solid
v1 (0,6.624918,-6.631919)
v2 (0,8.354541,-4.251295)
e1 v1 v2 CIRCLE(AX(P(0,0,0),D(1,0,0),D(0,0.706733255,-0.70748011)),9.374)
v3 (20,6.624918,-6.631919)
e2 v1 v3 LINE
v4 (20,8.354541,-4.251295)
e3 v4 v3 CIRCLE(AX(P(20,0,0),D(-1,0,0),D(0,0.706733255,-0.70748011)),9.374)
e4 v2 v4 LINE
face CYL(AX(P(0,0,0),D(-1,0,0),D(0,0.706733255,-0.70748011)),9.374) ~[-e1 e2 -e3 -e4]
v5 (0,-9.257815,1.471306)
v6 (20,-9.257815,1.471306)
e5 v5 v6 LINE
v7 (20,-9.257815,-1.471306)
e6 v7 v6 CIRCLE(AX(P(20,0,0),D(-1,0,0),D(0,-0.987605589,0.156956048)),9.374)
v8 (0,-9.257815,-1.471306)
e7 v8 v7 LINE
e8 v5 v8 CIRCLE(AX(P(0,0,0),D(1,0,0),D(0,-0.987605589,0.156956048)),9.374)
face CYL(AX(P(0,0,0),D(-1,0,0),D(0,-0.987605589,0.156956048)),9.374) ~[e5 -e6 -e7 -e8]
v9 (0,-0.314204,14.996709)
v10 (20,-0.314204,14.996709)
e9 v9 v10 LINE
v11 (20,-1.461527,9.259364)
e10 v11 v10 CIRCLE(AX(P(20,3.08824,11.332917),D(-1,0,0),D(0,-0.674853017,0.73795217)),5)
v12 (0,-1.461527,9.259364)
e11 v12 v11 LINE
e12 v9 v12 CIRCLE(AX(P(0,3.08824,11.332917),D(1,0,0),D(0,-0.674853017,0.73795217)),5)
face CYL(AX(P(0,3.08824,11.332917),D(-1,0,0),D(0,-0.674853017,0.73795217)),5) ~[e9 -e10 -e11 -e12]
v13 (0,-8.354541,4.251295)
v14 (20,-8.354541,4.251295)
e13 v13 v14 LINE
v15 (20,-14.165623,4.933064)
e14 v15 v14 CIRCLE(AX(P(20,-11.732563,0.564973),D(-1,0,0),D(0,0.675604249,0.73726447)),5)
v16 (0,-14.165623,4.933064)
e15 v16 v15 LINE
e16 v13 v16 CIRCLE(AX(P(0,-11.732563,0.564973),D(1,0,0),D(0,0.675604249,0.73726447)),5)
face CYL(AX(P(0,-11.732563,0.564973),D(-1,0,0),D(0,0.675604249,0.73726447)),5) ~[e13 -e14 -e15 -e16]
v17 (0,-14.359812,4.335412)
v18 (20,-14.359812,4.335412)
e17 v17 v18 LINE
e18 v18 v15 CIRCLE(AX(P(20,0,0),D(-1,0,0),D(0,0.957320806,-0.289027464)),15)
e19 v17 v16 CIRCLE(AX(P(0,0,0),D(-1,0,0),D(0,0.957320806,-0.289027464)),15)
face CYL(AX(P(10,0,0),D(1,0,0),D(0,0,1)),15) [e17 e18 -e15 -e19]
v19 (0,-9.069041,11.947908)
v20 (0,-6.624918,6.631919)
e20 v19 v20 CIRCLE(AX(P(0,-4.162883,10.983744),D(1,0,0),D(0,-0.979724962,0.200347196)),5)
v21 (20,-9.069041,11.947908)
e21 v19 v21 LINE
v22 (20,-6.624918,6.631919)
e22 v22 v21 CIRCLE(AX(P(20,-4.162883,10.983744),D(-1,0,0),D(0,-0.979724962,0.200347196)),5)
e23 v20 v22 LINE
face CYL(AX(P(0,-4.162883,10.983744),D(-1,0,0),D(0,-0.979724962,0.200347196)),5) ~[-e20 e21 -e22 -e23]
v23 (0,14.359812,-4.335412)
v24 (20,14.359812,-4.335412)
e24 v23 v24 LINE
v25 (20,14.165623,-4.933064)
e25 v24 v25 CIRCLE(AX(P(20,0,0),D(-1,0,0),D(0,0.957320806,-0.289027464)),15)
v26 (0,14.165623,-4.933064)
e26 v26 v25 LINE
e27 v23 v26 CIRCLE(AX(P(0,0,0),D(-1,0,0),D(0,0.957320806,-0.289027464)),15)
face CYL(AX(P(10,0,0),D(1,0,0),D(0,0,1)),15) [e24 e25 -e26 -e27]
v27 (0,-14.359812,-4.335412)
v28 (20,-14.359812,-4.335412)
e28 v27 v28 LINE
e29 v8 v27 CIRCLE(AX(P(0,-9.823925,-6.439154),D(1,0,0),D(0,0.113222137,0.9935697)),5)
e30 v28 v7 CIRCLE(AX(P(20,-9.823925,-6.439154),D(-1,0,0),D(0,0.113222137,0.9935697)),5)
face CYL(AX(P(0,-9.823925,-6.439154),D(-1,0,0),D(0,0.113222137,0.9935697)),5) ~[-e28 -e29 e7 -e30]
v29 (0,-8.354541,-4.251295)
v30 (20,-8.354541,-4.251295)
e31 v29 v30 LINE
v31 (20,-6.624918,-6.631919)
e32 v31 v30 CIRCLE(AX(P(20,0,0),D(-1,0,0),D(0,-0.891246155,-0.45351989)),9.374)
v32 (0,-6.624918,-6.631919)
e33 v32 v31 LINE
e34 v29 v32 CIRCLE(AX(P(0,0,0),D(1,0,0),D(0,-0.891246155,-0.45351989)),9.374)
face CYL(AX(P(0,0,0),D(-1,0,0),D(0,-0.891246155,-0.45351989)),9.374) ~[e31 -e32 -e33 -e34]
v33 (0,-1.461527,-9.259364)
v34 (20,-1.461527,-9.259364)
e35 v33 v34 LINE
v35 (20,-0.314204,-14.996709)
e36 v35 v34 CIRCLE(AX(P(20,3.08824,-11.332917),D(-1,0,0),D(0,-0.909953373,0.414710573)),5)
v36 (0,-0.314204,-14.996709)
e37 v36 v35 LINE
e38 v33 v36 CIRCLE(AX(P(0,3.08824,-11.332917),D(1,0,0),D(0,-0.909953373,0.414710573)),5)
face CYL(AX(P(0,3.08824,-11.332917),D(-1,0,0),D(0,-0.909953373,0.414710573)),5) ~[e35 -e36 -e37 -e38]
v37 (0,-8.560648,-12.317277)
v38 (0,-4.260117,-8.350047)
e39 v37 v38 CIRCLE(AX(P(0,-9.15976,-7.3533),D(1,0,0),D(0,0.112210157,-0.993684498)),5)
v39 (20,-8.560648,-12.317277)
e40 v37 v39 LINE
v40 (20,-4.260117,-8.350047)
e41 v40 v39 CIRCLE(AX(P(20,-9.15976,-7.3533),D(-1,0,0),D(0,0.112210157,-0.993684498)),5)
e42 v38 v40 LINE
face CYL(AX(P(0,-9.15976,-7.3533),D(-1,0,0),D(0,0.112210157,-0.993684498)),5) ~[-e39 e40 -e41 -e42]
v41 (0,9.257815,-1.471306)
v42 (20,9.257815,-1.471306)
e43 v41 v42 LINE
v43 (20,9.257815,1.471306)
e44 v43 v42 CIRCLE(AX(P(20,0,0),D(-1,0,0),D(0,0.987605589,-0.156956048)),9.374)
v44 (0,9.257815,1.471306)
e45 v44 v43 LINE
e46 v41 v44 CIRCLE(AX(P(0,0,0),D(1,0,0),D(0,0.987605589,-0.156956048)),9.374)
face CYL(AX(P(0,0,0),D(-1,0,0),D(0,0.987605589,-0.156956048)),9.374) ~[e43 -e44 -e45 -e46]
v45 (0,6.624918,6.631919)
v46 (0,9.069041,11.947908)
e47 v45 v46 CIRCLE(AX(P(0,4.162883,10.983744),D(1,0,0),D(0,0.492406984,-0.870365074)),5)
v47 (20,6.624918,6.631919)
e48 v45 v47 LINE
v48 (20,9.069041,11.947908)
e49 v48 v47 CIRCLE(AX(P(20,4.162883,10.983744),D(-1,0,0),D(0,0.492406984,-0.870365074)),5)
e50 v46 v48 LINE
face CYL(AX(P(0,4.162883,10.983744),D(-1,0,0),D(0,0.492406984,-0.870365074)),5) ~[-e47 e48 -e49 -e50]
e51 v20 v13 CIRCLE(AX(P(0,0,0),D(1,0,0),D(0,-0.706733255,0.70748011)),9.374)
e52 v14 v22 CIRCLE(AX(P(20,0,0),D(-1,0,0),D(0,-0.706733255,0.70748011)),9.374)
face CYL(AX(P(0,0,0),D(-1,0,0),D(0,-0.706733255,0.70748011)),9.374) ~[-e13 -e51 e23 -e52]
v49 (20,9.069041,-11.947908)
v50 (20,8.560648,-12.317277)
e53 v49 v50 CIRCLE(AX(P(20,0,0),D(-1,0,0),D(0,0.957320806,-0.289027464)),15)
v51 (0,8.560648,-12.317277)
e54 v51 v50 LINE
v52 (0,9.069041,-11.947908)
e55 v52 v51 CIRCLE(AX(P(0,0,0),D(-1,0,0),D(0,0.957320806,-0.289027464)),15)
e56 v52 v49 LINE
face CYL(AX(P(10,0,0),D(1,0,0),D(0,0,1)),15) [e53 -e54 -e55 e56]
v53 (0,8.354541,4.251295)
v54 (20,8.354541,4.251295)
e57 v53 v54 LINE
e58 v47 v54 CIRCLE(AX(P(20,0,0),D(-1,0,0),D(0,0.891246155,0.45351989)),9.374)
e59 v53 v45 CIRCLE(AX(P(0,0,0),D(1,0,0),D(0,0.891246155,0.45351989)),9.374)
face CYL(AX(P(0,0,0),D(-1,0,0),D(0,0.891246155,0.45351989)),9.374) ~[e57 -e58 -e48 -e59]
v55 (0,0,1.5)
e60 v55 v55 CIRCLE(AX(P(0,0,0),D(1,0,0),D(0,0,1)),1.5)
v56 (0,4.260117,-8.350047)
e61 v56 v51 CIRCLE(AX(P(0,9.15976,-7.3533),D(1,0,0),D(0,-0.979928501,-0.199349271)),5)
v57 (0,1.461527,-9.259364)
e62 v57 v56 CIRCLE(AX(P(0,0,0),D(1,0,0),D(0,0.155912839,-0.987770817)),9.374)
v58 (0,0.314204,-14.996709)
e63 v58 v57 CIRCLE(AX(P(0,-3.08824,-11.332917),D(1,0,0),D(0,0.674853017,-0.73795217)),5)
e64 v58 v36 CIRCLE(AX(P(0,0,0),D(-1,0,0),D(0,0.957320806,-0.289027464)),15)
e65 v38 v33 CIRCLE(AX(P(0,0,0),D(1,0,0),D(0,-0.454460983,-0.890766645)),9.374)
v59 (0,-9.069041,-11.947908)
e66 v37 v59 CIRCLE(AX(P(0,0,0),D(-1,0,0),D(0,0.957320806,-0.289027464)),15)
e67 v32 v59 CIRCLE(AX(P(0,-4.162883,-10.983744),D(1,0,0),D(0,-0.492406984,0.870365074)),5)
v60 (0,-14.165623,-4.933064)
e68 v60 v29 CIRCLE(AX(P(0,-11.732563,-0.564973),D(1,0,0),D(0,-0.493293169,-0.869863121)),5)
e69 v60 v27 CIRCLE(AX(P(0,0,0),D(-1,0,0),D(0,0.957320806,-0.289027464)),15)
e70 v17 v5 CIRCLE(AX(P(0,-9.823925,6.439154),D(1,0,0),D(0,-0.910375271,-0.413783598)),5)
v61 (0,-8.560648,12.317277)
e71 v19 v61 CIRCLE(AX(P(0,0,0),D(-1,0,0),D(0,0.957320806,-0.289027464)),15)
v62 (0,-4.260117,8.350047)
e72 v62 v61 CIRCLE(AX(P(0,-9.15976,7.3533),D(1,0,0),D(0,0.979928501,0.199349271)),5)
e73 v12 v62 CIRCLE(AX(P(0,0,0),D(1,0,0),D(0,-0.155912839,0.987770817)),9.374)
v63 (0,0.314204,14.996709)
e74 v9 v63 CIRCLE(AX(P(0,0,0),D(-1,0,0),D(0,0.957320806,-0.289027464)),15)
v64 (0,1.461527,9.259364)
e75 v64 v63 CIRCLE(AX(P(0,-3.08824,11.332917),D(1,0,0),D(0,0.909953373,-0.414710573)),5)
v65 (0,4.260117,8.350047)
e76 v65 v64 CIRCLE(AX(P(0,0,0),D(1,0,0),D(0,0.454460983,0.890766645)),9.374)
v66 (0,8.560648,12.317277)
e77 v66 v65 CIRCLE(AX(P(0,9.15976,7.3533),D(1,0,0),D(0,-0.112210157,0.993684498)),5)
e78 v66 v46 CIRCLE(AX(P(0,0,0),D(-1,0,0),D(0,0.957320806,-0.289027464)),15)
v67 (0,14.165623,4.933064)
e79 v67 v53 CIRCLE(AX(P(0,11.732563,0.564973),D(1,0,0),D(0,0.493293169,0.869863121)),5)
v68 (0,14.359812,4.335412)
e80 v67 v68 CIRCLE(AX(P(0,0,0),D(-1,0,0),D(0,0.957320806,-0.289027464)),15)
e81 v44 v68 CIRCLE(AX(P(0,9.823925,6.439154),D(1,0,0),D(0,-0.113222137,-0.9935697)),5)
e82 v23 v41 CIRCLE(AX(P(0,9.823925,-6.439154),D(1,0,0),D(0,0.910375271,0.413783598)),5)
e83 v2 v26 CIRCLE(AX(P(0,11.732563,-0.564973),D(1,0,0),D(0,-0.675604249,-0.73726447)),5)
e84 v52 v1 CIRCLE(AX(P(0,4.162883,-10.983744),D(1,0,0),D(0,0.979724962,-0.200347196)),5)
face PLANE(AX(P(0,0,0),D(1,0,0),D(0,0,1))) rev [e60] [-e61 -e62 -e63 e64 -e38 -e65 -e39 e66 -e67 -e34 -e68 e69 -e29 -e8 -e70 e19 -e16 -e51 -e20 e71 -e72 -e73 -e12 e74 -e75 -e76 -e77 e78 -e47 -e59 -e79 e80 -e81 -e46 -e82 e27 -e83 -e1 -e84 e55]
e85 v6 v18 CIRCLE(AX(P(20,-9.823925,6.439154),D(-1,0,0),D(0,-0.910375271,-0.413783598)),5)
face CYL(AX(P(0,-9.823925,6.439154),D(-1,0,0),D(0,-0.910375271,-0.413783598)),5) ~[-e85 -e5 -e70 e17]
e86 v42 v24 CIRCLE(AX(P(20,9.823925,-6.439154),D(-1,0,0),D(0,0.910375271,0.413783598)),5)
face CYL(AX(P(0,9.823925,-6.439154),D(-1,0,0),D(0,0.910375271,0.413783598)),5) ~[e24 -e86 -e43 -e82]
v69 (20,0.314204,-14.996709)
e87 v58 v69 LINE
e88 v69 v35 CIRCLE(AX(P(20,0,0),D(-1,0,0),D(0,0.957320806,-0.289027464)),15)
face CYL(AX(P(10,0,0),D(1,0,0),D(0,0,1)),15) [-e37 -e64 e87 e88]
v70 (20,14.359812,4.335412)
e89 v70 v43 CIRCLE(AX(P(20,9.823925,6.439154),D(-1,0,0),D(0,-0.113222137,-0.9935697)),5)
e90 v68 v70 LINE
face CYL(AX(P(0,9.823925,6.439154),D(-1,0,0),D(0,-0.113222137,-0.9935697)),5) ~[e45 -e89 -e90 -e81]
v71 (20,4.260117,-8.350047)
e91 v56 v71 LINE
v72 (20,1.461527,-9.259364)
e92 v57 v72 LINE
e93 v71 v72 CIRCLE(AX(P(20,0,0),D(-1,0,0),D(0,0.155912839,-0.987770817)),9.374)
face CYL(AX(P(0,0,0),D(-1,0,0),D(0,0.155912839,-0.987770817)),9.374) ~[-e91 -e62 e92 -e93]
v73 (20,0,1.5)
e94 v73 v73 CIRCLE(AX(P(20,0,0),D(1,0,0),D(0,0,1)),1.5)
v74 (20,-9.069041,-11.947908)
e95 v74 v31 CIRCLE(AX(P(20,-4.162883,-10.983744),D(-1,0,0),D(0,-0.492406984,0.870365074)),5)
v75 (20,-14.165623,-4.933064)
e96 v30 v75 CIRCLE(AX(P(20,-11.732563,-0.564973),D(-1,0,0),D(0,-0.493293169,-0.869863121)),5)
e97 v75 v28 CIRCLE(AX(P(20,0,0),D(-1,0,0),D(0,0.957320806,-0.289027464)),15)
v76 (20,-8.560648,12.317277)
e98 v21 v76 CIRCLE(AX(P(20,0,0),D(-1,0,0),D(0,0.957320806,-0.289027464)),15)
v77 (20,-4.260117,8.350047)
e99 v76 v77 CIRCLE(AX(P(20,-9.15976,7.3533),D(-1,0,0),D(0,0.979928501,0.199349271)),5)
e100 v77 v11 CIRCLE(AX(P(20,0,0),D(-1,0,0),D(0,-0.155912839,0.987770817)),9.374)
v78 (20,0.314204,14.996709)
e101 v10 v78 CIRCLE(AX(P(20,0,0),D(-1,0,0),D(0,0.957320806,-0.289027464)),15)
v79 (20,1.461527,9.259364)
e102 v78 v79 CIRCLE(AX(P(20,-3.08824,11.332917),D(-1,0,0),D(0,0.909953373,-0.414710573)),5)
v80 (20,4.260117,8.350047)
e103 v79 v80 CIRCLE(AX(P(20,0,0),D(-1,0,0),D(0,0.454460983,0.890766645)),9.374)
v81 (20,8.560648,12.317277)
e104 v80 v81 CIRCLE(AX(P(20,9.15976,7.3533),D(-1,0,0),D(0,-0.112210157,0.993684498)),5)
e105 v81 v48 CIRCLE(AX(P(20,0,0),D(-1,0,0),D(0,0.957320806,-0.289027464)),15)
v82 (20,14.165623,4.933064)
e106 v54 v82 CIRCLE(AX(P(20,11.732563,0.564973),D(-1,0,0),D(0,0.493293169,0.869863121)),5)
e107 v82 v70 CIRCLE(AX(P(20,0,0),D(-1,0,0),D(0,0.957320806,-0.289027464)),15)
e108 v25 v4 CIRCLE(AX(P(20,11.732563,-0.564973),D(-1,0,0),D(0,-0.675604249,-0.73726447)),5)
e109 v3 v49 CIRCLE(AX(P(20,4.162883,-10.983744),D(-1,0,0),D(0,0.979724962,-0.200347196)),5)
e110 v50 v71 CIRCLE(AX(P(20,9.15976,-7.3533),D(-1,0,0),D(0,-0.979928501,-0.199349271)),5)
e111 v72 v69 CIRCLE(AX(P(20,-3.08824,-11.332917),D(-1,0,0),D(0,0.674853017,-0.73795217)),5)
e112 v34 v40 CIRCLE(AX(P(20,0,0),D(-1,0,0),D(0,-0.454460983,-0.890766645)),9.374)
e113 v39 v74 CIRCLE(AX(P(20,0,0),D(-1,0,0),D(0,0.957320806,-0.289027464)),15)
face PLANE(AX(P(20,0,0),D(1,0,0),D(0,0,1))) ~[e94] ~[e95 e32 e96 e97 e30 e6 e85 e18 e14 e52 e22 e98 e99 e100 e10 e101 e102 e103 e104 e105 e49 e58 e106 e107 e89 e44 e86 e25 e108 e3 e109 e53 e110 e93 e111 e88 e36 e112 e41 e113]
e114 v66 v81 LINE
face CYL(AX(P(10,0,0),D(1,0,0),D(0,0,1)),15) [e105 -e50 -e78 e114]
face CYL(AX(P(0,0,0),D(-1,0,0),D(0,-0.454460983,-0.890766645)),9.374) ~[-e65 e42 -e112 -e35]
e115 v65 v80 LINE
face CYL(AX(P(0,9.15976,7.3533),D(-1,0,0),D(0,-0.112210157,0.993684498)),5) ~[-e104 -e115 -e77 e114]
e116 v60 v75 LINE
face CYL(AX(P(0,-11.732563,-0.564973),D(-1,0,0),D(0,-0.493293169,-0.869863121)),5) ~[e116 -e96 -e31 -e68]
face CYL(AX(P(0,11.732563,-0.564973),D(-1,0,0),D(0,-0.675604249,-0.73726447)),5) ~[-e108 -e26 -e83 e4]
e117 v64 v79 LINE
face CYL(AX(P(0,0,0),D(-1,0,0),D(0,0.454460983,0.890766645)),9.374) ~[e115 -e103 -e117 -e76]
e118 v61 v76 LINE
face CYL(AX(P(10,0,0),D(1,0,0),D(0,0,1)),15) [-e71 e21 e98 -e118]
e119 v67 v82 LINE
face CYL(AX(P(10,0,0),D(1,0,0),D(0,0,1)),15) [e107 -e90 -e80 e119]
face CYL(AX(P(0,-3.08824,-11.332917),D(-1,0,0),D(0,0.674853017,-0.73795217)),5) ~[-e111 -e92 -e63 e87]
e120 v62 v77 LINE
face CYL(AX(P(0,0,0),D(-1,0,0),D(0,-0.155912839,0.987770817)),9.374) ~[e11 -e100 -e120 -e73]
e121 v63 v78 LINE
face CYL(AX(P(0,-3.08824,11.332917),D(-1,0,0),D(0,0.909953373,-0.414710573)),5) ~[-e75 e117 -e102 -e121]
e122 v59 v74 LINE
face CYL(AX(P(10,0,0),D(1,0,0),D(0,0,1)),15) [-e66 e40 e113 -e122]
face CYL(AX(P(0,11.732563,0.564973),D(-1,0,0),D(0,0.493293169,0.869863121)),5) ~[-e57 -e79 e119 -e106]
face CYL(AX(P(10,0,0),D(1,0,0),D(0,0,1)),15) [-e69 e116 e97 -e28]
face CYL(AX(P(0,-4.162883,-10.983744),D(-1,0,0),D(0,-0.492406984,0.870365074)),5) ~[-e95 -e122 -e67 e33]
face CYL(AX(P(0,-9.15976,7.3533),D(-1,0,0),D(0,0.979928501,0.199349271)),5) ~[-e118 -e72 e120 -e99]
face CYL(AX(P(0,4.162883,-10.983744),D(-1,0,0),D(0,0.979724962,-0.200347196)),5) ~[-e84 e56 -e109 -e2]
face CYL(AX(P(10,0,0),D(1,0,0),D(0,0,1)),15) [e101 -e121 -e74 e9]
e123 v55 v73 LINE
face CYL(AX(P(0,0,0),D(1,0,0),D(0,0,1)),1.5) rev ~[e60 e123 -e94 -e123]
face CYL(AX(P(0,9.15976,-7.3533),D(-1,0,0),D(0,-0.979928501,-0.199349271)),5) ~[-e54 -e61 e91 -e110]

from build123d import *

# Parameters (mm, degrees)
BASPROSKE_W     = 20
BASPROSKE_H     = 15
TOOTHCUT_DEPTH  = 30.154759474
TEETHCUTS_COUNT = 10
TEETHCUTS_ANGLE = 324
BORSKE_R        = 1.5
BORE_DEPTH      = 50.0000508


with BuildPart() as part:
    # BasProSke → Base-Revolve (revolve)
    with BuildSketch(Plane(origin=(0, 0, 0), x_dir=(1, 0, 0), z_dir=(0, 1, 0)), mode=Mode.PRIVATE) as base_revolve_sk:
        with Locations((10, 7.5)):
            Rectangle(BASPROSKE_W, BASPROSKE_H)
    revolve(base_revolve_sk.sketch.rotate(Axis((-10, 0, 0), (1, 0, 0)), 180), axis=Axis((-10, 0, 0), (1, 0, 0)))

    # TooCutSke → ToothCut (cut, through all)
    with BuildSketch(Plane(origin=(0, 0, 0), x_dir=(0, 0, -1), z_dir=(1, 0, 0))):
        with BuildLine():
            ThreePointArc((1.471305988, 9.25781479), (0, 9.374), (-1.471305988, 9.25781479))
            ThreePointArc((-1.471305988, 9.25781479), (-2.088583433, 12.288176173), (-4.370236495, 14.375801826))
            ThreePointArc((-4.370236495, 14.375801826), (0, 15.0254), (4.370236495, 14.375801826))
            ThreePointArc((4.370236495, 14.375801826), (2.088583433, 12.288176173), (1.471305988, 9.25781479))
        make_face()
    toothcut = extrude(amount=TOOTHCUT_DEPTH, mode=Mode.SUBTRACT)

    # TeethCuts: ToothCut ×10 about axis
    teethcuts_axis = Axis((-10, 0, 0), (1, 0, 0))
    for i in range(1, TEETHCUTS_COUNT):
        add(toothcut.rotate(teethcuts_axis, i * TEETHCUTS_ANGLE / (TEETHCUTS_COUNT - 1)), mode=Mode.SUBTRACT)

    # BorSke → Bore (cut, symmetric)
    with BuildSketch(Plane(origin=(0, 0, 0), x_dir=(0, 0, -1), z_dir=(1, 0, 0))):
        with Locations(Location((0, 0, 0), (0, 0, 180))):
            Circle(BORSKE_R)
    extrude(amount=BORE_DEPTH, both=True, mode=Mode.SUBTRACT)


solid = part.part
